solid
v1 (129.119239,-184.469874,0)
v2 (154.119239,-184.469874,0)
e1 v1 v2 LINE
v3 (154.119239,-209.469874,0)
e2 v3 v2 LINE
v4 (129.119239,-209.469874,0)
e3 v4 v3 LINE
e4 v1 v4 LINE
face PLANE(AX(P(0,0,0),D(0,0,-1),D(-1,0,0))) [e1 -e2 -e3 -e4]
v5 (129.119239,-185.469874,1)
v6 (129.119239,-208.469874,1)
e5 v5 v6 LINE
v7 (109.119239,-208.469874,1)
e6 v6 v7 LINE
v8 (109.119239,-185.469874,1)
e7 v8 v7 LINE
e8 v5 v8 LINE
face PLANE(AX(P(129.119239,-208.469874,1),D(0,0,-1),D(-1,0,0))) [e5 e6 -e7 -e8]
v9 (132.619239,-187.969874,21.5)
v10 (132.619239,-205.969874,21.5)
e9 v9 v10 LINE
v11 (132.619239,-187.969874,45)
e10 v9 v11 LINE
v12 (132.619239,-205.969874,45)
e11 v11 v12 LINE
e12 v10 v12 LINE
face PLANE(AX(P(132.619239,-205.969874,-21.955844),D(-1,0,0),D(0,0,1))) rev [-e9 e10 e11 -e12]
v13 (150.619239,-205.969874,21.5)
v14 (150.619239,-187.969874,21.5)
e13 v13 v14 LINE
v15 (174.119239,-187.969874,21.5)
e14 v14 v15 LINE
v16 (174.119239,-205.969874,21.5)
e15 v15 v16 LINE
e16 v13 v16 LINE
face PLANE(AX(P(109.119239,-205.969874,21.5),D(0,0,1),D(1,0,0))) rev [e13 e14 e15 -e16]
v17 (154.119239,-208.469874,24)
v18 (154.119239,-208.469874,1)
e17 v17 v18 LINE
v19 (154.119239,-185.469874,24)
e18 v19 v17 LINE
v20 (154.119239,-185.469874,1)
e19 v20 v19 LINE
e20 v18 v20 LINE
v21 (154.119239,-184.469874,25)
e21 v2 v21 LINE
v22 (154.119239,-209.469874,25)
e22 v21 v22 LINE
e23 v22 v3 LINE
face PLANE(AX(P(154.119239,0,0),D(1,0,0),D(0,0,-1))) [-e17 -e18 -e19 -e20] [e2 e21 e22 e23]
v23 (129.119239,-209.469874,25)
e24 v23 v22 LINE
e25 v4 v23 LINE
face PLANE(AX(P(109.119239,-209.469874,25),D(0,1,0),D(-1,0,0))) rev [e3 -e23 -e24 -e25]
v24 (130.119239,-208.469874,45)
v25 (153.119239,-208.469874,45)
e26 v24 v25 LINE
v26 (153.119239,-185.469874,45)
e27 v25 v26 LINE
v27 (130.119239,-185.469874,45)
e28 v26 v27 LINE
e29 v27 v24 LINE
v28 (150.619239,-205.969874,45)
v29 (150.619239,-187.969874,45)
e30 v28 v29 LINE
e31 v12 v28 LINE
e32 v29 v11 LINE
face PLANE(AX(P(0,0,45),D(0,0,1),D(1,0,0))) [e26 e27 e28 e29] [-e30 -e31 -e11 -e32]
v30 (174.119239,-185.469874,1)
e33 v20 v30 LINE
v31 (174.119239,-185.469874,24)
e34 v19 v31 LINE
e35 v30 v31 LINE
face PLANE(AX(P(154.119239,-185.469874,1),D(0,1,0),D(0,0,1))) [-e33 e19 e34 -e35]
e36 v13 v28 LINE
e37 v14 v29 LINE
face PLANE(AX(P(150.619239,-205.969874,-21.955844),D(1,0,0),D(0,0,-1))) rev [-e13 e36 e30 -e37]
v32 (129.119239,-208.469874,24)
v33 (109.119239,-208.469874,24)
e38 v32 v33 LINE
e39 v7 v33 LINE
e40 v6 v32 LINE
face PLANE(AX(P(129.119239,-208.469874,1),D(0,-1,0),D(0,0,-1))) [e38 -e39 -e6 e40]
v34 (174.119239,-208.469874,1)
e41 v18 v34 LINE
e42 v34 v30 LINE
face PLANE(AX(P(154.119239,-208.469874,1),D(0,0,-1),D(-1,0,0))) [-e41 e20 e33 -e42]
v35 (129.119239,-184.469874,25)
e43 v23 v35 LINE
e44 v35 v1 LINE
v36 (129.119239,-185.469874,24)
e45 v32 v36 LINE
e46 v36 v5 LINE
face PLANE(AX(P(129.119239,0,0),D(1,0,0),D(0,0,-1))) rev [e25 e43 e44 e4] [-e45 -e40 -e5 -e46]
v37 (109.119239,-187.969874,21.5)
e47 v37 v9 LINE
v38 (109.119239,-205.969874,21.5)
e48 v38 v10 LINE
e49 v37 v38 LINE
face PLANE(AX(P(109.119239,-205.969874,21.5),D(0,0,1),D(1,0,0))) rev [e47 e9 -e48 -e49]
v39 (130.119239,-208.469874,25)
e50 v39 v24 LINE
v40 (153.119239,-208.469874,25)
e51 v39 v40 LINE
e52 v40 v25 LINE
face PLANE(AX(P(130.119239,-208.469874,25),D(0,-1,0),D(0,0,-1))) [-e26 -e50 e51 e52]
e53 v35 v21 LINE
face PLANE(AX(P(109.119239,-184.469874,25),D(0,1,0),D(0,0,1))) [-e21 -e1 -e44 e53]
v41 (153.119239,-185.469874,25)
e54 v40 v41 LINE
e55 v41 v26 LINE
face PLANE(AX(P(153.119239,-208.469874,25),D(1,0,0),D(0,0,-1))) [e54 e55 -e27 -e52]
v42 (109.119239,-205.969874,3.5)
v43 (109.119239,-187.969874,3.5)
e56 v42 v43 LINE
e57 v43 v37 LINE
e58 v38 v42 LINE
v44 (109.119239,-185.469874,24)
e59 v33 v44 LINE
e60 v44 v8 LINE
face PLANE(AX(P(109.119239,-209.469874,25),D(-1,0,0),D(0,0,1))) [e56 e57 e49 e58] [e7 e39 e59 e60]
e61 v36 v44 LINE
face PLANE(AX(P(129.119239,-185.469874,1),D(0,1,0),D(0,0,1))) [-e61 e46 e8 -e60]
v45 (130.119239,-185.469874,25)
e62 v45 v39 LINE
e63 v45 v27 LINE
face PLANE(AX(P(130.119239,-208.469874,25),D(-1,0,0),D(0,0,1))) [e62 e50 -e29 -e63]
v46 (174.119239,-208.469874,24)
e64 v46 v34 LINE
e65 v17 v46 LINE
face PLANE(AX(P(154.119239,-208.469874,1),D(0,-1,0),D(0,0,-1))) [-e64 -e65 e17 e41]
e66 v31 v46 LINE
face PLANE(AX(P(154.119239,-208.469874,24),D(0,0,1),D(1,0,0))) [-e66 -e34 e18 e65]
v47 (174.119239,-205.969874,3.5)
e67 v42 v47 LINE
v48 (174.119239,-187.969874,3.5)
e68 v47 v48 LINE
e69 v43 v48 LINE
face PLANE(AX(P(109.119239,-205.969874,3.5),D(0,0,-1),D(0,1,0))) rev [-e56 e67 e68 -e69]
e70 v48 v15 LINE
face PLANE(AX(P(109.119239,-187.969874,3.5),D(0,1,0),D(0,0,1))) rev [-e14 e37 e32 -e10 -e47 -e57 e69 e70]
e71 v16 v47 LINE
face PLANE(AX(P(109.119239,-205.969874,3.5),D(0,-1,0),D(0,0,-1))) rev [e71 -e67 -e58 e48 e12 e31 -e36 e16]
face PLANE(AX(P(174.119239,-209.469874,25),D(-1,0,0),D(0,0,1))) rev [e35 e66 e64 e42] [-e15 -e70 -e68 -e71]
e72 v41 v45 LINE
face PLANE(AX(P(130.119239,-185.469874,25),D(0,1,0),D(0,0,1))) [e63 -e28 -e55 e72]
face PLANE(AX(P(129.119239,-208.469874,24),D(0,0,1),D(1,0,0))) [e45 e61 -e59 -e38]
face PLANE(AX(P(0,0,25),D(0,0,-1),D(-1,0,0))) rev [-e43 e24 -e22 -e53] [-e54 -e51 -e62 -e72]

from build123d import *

# Parameters (mm, degrees)
SKETCH1_W           = 65
SKETCH1_H           = 25
BOSS_EXTRUDE1_DEPTH = 25
SKETCH2_W           = 25
SKETCH2_H           = 25
BOSS_EXTRUDE2_DEPTH = 20
SKETCH3_W           = 25
SKETCH3_H           = 25
SKETCH3_W_2         = 23
SKETCH3_H_2         = 23
CUT_EXTRUDE2_DEPTH  = 20
SKETCH4_W           = 25
SKETCH4_H           = 25
SKETCH4_W_2         = 23
SKETCH4_H_2         = 23
CUT_EXTRUDE3_DEPTH  = 20
SKETCH5_W           = 25
SKETCH5_H           = 25
SKETCH5_W_2         = 23
SKETCH5_H_2         = 23
CUT_EXTRUDE4_DEPTH  = 20
SKETCH6_W           = 18
SKETCH6_H           = 18
CUT_EXTRUDE5_DEPTH  = 224.89200104
SKETCH7_W           = 18
SKETCH7_H           = 18
CUT_EXTRUDE6_DEPTH  = 41.5


with BuildPart() as part:
    # Sketch1 → Boss-Extrude1 (new body)
    with BuildSketch(Plane.XY):
        with Locations((141.619238947, -196.969874038)):
            Rectangle(SKETCH1_W, SKETCH1_H)
    extrude(amount=BOSS_EXTRUDE1_DEPTH)

    # Sketch2 → Boss-Extrude2 (add)
    with BuildSketch(Plane.XY.offset(25)):
        with Locations((141.619238947, -196.969874038)):
            Rectangle(SKETCH2_W, SKETCH2_H)
    extrude(amount=BOSS_EXTRUDE2_DEPTH)

    # Sketch3 → Cut-Extrude2 (cut)
    with BuildSketch(Plane.XY.offset(45)):
        with Locations((141.619238947, -196.969874038)):
            Rectangle(SKETCH3_W, SKETCH3_H)
        with Locations((141.619238947, -196.969874038)):
            Rectangle(SKETCH3_W_2, SKETCH3_H_2, mode=Mode.SUBTRACT)
    extrude(amount=-CUT_EXTRUDE2_DEPTH, mode=Mode.SUBTRACT)

    # Sketch4 → Cut-Extrude3 (cut)
    with BuildSketch(Plane.ZY.offset(-109.119238947)):
        with Locations((12.5, -196.969874038)):
            Rectangle(SKETCH4_W, SKETCH4_H)
        with Locations((12.5, -196.969874038)):
            Rectangle(SKETCH4_W_2, SKETCH4_H_2, mode=Mode.SUBTRACT)
    extrude(amount=-CUT_EXTRUDE3_DEPTH, mode=Mode.SUBTRACT)

    # Sketch5 → Cut-Extrude4 (cut)
    with BuildSketch(Plane(origin=(174.119238947, 0, 0), x_dir=(0, 0, -1), z_dir=(1, 0, 0))):
        with Locations((-12.5, -196.969874038)):
            Rectangle(SKETCH5_W, SKETCH5_H)
        with Locations((-12.5, -196.969874038)):
            Rectangle(SKETCH5_W_2, SKETCH5_H_2, mode=Mode.SUBTRACT)
    extrude(amount=-CUT_EXTRUDE4_DEPTH, mode=Mode.SUBTRACT)

    # Sketch6 → Cut-Extrude5 (cut, through all)
    with BuildSketch(Plane(origin=(174.119238947, 0, 0), x_dir=(0, 0, -1), z_dir=(1, 0, 0))):
        with Locations((-12.5, -196.969874038)):
            Rectangle(SKETCH6_W, SKETCH6_H)
    extrude(amount=-CUT_EXTRUDE5_DEPTH, mode=Mode.SUBTRACT)

    # Sketch7 → Cut-Extrude6 (cut)
    with BuildSketch(Plane.XY.offset(45)):
        with Locations((141.619238947, -196.969874038)):
            Rectangle(SKETCH7_W, SKETCH7_H)
    extrude(amount=-CUT_EXTRUDE6_DEPTH, mode=Mode.SUBTRACT)


solid = part.part
